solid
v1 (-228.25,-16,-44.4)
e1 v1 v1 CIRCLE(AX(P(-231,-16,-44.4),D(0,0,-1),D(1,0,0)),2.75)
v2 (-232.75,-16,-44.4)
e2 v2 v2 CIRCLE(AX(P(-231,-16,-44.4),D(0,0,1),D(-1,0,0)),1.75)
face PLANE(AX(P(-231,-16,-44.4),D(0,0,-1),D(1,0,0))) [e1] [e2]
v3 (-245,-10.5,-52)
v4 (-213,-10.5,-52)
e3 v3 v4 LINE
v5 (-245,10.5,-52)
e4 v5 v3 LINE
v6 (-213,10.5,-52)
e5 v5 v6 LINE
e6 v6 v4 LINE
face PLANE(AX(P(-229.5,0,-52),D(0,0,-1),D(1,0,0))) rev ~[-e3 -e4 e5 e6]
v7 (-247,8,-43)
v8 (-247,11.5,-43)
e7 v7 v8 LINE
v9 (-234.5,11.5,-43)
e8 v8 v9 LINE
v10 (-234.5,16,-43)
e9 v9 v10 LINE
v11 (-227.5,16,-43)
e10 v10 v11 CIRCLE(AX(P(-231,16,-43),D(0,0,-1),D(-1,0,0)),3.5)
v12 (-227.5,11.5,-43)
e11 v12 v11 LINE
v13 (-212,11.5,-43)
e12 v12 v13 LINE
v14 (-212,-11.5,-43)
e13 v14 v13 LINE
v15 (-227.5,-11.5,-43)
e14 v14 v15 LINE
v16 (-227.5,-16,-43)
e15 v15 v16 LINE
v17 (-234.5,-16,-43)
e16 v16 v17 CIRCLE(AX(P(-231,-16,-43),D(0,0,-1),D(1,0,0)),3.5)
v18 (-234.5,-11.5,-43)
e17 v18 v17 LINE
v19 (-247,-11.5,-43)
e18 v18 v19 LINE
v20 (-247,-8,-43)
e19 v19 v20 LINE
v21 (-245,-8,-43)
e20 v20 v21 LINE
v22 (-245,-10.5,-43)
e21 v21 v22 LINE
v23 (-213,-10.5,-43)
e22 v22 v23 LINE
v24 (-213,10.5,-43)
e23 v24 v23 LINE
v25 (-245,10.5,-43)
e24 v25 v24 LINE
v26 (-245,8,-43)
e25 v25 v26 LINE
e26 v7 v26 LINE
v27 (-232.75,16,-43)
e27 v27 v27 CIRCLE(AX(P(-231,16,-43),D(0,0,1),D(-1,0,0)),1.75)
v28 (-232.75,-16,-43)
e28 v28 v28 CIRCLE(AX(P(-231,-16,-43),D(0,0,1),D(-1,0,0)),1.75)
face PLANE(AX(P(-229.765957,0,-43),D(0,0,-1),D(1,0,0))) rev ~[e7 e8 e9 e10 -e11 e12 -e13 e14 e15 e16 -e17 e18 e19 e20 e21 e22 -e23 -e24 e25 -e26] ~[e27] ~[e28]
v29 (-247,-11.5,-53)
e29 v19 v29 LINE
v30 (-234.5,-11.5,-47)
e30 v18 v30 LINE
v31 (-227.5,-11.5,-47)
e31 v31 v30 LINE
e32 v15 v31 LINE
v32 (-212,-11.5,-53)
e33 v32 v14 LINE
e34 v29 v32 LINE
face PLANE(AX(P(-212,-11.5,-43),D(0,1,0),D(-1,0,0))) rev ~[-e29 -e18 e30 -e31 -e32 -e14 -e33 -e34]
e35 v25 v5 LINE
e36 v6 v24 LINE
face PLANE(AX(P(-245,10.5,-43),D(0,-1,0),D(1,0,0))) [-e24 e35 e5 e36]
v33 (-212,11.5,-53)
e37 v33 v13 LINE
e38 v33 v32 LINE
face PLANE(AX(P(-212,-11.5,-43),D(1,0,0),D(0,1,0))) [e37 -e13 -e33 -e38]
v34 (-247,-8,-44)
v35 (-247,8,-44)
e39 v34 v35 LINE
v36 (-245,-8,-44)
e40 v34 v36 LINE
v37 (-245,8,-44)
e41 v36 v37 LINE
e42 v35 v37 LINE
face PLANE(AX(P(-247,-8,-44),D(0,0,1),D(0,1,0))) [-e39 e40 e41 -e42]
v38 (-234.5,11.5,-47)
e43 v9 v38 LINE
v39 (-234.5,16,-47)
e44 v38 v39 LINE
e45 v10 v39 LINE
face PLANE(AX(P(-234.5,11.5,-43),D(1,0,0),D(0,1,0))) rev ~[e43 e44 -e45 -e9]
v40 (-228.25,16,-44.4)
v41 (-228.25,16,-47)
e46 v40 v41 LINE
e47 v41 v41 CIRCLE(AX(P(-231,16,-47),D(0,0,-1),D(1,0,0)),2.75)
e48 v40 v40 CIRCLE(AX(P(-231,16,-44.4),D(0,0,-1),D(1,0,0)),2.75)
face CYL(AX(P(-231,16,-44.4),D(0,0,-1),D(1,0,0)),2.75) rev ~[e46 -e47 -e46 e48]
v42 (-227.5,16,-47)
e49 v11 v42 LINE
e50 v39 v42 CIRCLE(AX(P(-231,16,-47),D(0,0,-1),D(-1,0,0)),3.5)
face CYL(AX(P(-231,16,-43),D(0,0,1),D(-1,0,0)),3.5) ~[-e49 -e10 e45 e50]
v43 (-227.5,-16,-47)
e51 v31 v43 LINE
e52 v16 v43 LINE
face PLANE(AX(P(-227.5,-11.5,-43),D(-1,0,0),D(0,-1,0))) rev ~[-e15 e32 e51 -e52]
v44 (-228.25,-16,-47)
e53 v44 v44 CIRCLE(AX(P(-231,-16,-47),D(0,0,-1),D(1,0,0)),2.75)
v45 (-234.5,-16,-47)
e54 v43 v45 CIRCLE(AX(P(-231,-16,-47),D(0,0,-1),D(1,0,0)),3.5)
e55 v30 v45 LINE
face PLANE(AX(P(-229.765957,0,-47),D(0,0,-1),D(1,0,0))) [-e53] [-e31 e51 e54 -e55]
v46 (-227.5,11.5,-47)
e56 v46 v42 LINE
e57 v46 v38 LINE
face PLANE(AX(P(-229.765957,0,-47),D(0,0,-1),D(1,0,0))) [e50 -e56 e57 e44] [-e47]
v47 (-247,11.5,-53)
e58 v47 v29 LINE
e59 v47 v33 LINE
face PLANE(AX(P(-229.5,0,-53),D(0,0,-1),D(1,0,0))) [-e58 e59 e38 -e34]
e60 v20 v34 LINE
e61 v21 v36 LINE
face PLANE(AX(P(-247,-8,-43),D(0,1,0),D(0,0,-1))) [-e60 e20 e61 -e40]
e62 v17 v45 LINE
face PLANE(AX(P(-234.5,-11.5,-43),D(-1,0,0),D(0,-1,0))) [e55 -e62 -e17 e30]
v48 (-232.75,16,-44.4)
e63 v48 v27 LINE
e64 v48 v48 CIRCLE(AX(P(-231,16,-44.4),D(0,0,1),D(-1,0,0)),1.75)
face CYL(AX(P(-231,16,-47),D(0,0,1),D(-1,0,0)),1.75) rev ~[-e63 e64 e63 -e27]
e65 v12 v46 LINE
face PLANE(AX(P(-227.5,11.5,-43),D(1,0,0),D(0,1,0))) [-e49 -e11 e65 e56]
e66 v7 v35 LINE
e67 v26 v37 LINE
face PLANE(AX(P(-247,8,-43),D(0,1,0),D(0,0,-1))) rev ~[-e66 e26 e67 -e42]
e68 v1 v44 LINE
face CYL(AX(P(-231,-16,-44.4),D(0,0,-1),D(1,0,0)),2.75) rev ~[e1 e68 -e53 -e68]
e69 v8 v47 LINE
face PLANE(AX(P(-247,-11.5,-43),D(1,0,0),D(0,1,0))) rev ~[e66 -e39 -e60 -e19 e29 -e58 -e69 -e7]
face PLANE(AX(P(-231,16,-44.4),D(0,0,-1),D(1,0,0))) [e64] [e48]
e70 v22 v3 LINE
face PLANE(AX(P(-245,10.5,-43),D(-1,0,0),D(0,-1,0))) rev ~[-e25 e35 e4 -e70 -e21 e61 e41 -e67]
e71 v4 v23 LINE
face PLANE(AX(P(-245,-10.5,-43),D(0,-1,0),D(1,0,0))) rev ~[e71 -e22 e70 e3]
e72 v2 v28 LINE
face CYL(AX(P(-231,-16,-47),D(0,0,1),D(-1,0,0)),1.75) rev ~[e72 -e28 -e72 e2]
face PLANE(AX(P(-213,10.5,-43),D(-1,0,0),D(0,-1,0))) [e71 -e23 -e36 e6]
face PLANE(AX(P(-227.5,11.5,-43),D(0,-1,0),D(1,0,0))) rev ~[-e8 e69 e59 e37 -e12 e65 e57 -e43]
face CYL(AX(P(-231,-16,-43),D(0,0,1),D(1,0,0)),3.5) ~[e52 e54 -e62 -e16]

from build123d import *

# Parameters (mm, degrees)
SKETCH270_W         = 32
SKETCH270_H         = 21
PAD127_DEPTH        = 4
SKETCH271_W         = 35
SKETCH271_H         = 23
SKETCH271_W_2       = 32
SKETCH271_H_2       = 21
PAD128_DEPTH        = 10
SKETCH272_W         = 35
SKETCH272_H         = 23
PAD129_DEPTH        = 1
SKETCH273_W         = 16
SKETCH273_H         = 1
POCKET111_DEPTH     = 5
HOLE011_D           = 3.5
HOLE011_DEPTH       = 25
HOLE011_CBORE_D     = 5.5
HOLE011_CBORE_DEPTH = 2.6


with BuildPart() as part:
    # Sketch270 → Pad127 (new body)
    with BuildSketch(Plane(origin=(0, 0, -20), x_dir=(1, 0, 0), z_dir=(0, 0, -1))):
        with BuildLine():
            ThreePointArc((-18.5, 16), (-22, 19.5), (-25.5, 16))
            Line((-25.5, 11.5), (-25.5, 16))
            Line((-25.5, 11.5), (-38, 11.5))
            Line((-38, 11.5), (-38, -11.5))
            Line((-38, -11.5), (-25.5, -11.5))
            Line((-25.5, -11.5), (-25.5, -16))
            ThreePointArc((-25.5, -16), (-22, -19.5), (-18.5, -16))
            Line((-18.5, -11.5), (-18.5, -16))
            Line((-18.5, -11.5), (-3, -11.5))
            Line((-3, 11.5), (-3, -11.5))
            Line((-3, 11.5), (-18.5, 11.5))
            Line((-18.5, 11.5), (-18.5, 16))
        make_face()
        with Locations((-20, 0)):
            Rectangle(SKETCH270_W, SKETCH270_H, mode=Mode.SUBTRACT)
    extrude(amount=PAD127_DEPTH)

    # Sketch271 → Pad128 (join)
    with BuildSketch(Plane(origin=(0, 0, -20), x_dir=(1, 0, 0), z_dir=(0, 0, -1))):
        with Locations((-20.5, 0)):
            Rectangle(SKETCH271_W, SKETCH271_H)
        with Locations((-20, 0)):
            Rectangle(SKETCH271_W_2, SKETCH271_H_2, mode=Mode.SUBTRACT)
    extrude(amount=PAD128_DEPTH)

    # Sketch272 (on Face20 of Pad128) → Pad129 (join)
    with BuildSketch(Plane(origin=(0, 0, -30), x_dir=(1, 0, 0), z_dir=(0, 0, -1))):
        with Locations((-20.5, 0)):
            Rectangle(SKETCH272_W, SKETCH272_H)
    extrude(amount=-PAD129_DEPTH)

    # Sketch273 (on Face12 of Pad129) → Pocket111 (cut)
    with BuildSketch(Plane(origin=(-38, 0, -20), x_dir=(0, 1, 0), z_dir=(-1, 0, 0))):
        with Locations((0, 0.5)):
            Rectangle(SKETCH273_W, SKETCH273_H)
    extrude(amount=-POCKET111_DEPTH, mode=Mode.SUBTRACT)

    # Hole011
    with Locations(Plane(origin=(0, 0, -24), x_dir=(1, 0, 0), z_dir=(0, 0, -1))):
        with Locations((-22, 16), (-22, -16)):
            CounterBoreHole(HOLE011_D / 2, HOLE011_CBORE_D / 2, HOLE011_CBORE_DEPTH, depth=HOLE011_DEPTH)


with BuildPart() as part_1:
    # Body029 placement: moved
    add(part.part.moved(Location((-209, 0, -23))))


solid = part_1.part
